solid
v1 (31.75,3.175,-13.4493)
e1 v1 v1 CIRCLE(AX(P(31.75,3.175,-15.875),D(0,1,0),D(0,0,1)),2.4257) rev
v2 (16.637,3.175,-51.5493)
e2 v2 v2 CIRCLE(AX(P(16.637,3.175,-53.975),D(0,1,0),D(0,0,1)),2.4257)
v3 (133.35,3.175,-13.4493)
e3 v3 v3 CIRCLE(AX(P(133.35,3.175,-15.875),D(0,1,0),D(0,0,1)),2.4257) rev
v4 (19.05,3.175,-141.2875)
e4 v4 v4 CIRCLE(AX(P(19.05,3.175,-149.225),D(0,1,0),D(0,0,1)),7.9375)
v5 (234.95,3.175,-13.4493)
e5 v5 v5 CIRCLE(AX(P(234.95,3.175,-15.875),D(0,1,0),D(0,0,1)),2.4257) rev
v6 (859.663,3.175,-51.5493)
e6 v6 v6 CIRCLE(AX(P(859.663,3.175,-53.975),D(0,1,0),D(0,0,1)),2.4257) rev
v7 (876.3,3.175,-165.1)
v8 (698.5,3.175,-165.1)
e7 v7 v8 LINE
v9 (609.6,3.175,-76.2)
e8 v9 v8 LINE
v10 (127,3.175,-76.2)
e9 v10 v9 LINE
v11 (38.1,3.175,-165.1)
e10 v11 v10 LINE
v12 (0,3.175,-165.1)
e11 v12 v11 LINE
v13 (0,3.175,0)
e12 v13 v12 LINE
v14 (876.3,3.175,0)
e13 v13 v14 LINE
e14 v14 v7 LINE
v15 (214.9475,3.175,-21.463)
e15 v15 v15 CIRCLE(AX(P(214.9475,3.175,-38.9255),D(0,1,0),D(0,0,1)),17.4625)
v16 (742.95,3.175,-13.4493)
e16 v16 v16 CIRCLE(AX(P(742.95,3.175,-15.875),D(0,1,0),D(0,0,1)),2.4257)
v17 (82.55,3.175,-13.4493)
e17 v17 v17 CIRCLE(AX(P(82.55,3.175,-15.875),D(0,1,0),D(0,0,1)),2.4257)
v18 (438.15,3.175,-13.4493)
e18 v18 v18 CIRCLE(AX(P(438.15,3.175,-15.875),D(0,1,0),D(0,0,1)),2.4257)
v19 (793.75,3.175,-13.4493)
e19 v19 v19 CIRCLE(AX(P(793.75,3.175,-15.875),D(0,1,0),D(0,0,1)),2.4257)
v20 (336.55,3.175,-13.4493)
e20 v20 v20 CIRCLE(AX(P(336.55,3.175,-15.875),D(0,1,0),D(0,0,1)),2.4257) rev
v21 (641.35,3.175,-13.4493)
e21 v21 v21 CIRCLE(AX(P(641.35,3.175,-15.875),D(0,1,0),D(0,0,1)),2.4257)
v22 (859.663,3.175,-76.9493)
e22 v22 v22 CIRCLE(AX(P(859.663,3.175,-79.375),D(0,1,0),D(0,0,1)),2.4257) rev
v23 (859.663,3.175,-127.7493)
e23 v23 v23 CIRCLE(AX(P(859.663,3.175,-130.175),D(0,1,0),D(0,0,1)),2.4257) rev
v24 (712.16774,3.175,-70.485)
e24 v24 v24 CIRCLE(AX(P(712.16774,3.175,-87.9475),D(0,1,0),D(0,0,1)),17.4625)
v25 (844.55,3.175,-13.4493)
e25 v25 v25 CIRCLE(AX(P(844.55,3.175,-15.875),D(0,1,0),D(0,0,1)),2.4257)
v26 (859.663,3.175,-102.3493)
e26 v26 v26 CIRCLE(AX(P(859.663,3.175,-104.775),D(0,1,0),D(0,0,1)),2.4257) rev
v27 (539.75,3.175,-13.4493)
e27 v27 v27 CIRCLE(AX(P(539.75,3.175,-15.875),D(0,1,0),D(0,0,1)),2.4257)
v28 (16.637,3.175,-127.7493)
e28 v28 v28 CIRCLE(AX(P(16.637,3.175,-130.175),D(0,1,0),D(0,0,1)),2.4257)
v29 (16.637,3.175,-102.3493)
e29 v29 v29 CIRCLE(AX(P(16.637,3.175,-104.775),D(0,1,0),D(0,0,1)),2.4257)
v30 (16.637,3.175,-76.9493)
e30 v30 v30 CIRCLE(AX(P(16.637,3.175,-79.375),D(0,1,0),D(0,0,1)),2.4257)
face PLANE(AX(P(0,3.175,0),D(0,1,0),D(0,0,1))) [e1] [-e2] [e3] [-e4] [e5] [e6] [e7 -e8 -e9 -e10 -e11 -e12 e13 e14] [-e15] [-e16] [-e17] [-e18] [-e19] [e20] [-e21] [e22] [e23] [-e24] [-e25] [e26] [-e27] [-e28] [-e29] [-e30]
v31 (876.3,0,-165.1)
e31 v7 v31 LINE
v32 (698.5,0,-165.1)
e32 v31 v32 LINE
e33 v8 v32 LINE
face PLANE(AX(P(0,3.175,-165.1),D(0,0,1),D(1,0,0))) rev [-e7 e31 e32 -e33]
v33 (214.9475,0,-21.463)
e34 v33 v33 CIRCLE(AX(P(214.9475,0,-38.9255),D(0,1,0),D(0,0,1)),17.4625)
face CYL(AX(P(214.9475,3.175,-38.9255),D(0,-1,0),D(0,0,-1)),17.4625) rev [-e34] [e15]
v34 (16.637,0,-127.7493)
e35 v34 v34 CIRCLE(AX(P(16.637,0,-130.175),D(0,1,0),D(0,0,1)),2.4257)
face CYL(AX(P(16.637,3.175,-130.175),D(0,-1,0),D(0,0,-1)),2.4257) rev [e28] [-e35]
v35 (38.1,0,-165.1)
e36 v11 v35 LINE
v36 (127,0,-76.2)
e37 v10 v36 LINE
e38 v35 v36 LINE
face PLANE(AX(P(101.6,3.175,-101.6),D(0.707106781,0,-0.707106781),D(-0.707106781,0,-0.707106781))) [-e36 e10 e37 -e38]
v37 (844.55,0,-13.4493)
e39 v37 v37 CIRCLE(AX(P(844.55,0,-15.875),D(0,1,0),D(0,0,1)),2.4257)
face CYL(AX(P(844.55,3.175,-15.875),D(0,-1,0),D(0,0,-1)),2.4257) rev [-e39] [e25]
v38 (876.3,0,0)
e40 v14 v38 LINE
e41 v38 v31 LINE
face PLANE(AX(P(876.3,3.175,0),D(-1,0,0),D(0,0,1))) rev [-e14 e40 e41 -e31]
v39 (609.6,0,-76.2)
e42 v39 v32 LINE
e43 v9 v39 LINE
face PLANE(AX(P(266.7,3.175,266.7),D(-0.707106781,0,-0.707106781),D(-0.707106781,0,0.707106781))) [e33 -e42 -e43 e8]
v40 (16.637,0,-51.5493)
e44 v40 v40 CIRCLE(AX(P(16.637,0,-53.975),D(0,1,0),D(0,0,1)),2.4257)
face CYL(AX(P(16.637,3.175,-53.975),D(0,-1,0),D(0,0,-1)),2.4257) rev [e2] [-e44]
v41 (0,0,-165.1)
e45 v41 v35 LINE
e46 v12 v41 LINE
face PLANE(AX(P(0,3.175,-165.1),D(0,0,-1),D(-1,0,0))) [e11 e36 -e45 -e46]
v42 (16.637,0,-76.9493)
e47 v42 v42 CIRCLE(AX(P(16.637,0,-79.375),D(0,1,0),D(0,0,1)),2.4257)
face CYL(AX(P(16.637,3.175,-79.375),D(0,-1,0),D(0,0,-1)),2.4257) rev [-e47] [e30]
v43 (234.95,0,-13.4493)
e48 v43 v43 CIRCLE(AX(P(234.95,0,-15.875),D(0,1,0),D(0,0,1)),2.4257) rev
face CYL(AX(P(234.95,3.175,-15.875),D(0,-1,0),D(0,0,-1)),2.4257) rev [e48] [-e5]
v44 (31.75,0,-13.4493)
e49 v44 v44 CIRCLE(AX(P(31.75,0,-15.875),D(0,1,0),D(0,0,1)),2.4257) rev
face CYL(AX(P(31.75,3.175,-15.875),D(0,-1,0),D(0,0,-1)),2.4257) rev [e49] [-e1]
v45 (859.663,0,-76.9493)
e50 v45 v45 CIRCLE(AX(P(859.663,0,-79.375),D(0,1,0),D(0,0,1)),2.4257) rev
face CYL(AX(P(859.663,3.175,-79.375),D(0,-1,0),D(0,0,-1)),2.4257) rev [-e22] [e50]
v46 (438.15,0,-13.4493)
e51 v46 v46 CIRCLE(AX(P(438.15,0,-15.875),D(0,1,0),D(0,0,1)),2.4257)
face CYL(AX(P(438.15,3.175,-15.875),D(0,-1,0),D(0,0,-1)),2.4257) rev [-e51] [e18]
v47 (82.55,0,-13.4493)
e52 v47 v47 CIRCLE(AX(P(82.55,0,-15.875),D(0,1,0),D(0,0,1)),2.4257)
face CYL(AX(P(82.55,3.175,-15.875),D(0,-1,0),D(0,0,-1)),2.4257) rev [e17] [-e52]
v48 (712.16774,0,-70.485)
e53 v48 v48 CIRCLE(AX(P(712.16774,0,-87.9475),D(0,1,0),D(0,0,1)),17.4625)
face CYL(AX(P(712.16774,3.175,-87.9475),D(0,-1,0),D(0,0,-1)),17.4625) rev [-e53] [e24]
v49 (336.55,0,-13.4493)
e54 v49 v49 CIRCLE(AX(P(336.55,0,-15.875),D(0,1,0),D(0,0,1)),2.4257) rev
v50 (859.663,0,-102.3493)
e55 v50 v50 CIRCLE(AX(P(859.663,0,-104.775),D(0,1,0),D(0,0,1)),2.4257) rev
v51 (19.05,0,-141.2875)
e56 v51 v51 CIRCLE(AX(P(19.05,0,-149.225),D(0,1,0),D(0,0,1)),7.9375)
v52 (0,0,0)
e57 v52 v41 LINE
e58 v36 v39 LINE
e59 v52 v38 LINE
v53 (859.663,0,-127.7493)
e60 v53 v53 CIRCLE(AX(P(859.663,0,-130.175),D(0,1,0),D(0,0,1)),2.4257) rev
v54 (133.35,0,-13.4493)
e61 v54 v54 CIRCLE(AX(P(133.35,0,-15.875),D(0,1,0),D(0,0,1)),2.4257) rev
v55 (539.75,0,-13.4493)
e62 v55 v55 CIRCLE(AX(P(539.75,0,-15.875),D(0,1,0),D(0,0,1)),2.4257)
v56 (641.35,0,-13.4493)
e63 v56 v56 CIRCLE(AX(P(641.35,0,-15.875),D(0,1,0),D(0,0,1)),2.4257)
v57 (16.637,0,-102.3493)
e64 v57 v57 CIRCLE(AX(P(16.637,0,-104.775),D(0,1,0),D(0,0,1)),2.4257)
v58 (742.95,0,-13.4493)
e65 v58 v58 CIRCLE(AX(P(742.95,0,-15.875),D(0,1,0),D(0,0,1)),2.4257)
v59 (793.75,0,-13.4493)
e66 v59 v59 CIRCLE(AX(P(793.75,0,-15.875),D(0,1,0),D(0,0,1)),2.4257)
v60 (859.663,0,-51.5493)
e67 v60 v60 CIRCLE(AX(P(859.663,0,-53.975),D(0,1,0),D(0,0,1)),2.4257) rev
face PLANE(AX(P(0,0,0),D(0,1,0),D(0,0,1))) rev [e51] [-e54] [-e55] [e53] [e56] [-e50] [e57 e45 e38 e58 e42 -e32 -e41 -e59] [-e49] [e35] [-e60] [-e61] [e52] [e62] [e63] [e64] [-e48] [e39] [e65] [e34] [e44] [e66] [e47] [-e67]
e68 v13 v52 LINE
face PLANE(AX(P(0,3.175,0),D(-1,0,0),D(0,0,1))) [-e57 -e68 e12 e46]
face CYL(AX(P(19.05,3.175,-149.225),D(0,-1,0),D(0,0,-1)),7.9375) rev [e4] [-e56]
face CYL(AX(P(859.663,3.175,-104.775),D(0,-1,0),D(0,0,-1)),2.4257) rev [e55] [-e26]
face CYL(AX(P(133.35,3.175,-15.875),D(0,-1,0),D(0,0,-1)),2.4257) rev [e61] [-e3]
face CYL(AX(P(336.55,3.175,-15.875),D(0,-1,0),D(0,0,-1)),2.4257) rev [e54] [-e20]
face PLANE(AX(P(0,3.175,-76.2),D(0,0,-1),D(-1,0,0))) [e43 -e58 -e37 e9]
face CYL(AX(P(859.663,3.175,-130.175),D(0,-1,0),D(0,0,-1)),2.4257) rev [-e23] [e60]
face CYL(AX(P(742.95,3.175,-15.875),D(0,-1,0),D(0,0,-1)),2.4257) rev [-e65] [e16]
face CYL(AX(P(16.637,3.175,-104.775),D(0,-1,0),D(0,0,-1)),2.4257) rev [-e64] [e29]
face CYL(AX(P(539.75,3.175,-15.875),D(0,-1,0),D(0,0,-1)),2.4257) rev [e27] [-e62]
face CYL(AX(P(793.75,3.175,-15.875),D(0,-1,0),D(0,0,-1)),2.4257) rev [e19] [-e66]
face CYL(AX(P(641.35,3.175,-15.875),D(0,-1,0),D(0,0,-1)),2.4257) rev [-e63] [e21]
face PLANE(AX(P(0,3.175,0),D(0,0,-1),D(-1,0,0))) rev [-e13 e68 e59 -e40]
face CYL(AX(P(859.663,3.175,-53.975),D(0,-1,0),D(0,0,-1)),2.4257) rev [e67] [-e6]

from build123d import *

# Parameters (mm, degrees)
SKETCH1_R           = 17.4625
SKETCH1_R_2         = 2.4257
SKETCH1_R_3         = 7.9375
BOSS_EXTRUDE1_DEPTH = 3.175


with BuildPart() as part:
    # Sketch1 → Boss-Extrude1 (new body)
    with BuildSketch(Plane(origin=(0, 0, 0), x_dir=(1, 0, 0), z_dir=(0, 1, 0))):
        Polygon((0, 0), (876.3, 0), (876.3, 165.1), (698.5, 165.1), (609.6, 76.2), (127, 76.2), (38.1, 165.1), (0, 165.1), align=None)
        with Locations(Location((214.9475, 38.9255, 0), (0, 0, 270))):
            Circle(SKETCH1_R, mode=Mode.SUBTRACT)
        with Locations(Location((712.16774, 87.9475, 0), (0, 0, 270))):
            Circle(SKETCH1_R, mode=Mode.SUBTRACT)
        with Locations(Location((438.15, 15.875, 0), (0, 0, 270))):
            Circle(SKETCH1_R_2, mode=Mode.SUBTRACT)
        with Locations(Location((539.75, 15.875, 0), (0, 0, 270))):
            Circle(SKETCH1_R_2, mode=Mode.SUBTRACT)
        with Locations(Location((641.35, 15.875, 0), (0, 0, 270))):
            Circle(SKETCH1_R_2, mode=Mode.SUBTRACT)
        with Locations(Location((742.95, 15.875, 0), (0, 0, 270))):
            Circle(SKETCH1_R_2, mode=Mode.SUBTRACT)
        with Locations(Location((844.55, 15.875, 0), (0, 0, 270))):
            Circle(SKETCH1_R_2, mode=Mode.SUBTRACT)
        with Locations(Location((31.75, 15.875, 0), (0, 0, 270))):
            Circle(SKETCH1_R_2, mode=Mode.SUBTRACT)
        with Locations(Location((133.35, 15.875, 0), (0, 0, 270))):
            Circle(SKETCH1_R_2, mode=Mode.SUBTRACT)
        with Locations(Location((234.95, 15.875, 0), (0, 0, 270))):
            Circle(SKETCH1_R_2, mode=Mode.SUBTRACT)
        with Locations(Location((336.55, 15.875, 0), (0, 0, 270))):
            Circle(SKETCH1_R_2, mode=Mode.SUBTRACT)
        with Locations(Location((16.637, 53.975, 0), (0, 0, 270))):
            Circle(SKETCH1_R_2, mode=Mode.SUBTRACT)
        with Locations(Location((16.637, 79.375, 0), (0, 0, 270))):
            Circle(SKETCH1_R_2, mode=Mode.SUBTRACT)
        with Locations(Location((16.637, 104.775, 0), (0, 0, 270))):
            Circle(SKETCH1_R_2, mode=Mode.SUBTRACT)
        with Locations(Location((16.637, 130.175, 0), (0, 0, 270))):
            Circle(SKETCH1_R_2, mode=Mode.SUBTRACT)
        with Locations(Location((859.663, 53.975, 0), (0, 0, 270))):
            Circle(SKETCH1_R_2, mode=Mode.SUBTRACT)
        with Locations(Location((859.663, 79.375, 0), (0, 0, 270))):
            Circle(SKETCH1_R_2, mode=Mode.SUBTRACT)
        with Locations(Location((859.663, 104.775, 0), (0, 0, 270))):
            Circle(SKETCH1_R_2, mode=Mode.SUBTRACT)
        with Locations(Location((859.663, 130.175, 0), (0, 0, 270))):
            Circle(SKETCH1_R_2, mode=Mode.SUBTRACT)
        with Locations(Location((82.55, 15.875, 0), (0, 0, 270))):
            Circle(SKETCH1_R_2, mode=Mode.SUBTRACT)
        with Locations(Location((793.75, 15.875, 0), (0, 0, 270))):
            Circle(SKETCH1_R_2, mode=Mode.SUBTRACT)
        with Locations(Location((19.05, 149.225, 0), (0, 0, 270))):
            Circle(SKETCH1_R_3, mode=Mode.SUBTRACT)
    extrude(amount=BOSS_EXTRUDE1_DEPTH)


solid = part.part
